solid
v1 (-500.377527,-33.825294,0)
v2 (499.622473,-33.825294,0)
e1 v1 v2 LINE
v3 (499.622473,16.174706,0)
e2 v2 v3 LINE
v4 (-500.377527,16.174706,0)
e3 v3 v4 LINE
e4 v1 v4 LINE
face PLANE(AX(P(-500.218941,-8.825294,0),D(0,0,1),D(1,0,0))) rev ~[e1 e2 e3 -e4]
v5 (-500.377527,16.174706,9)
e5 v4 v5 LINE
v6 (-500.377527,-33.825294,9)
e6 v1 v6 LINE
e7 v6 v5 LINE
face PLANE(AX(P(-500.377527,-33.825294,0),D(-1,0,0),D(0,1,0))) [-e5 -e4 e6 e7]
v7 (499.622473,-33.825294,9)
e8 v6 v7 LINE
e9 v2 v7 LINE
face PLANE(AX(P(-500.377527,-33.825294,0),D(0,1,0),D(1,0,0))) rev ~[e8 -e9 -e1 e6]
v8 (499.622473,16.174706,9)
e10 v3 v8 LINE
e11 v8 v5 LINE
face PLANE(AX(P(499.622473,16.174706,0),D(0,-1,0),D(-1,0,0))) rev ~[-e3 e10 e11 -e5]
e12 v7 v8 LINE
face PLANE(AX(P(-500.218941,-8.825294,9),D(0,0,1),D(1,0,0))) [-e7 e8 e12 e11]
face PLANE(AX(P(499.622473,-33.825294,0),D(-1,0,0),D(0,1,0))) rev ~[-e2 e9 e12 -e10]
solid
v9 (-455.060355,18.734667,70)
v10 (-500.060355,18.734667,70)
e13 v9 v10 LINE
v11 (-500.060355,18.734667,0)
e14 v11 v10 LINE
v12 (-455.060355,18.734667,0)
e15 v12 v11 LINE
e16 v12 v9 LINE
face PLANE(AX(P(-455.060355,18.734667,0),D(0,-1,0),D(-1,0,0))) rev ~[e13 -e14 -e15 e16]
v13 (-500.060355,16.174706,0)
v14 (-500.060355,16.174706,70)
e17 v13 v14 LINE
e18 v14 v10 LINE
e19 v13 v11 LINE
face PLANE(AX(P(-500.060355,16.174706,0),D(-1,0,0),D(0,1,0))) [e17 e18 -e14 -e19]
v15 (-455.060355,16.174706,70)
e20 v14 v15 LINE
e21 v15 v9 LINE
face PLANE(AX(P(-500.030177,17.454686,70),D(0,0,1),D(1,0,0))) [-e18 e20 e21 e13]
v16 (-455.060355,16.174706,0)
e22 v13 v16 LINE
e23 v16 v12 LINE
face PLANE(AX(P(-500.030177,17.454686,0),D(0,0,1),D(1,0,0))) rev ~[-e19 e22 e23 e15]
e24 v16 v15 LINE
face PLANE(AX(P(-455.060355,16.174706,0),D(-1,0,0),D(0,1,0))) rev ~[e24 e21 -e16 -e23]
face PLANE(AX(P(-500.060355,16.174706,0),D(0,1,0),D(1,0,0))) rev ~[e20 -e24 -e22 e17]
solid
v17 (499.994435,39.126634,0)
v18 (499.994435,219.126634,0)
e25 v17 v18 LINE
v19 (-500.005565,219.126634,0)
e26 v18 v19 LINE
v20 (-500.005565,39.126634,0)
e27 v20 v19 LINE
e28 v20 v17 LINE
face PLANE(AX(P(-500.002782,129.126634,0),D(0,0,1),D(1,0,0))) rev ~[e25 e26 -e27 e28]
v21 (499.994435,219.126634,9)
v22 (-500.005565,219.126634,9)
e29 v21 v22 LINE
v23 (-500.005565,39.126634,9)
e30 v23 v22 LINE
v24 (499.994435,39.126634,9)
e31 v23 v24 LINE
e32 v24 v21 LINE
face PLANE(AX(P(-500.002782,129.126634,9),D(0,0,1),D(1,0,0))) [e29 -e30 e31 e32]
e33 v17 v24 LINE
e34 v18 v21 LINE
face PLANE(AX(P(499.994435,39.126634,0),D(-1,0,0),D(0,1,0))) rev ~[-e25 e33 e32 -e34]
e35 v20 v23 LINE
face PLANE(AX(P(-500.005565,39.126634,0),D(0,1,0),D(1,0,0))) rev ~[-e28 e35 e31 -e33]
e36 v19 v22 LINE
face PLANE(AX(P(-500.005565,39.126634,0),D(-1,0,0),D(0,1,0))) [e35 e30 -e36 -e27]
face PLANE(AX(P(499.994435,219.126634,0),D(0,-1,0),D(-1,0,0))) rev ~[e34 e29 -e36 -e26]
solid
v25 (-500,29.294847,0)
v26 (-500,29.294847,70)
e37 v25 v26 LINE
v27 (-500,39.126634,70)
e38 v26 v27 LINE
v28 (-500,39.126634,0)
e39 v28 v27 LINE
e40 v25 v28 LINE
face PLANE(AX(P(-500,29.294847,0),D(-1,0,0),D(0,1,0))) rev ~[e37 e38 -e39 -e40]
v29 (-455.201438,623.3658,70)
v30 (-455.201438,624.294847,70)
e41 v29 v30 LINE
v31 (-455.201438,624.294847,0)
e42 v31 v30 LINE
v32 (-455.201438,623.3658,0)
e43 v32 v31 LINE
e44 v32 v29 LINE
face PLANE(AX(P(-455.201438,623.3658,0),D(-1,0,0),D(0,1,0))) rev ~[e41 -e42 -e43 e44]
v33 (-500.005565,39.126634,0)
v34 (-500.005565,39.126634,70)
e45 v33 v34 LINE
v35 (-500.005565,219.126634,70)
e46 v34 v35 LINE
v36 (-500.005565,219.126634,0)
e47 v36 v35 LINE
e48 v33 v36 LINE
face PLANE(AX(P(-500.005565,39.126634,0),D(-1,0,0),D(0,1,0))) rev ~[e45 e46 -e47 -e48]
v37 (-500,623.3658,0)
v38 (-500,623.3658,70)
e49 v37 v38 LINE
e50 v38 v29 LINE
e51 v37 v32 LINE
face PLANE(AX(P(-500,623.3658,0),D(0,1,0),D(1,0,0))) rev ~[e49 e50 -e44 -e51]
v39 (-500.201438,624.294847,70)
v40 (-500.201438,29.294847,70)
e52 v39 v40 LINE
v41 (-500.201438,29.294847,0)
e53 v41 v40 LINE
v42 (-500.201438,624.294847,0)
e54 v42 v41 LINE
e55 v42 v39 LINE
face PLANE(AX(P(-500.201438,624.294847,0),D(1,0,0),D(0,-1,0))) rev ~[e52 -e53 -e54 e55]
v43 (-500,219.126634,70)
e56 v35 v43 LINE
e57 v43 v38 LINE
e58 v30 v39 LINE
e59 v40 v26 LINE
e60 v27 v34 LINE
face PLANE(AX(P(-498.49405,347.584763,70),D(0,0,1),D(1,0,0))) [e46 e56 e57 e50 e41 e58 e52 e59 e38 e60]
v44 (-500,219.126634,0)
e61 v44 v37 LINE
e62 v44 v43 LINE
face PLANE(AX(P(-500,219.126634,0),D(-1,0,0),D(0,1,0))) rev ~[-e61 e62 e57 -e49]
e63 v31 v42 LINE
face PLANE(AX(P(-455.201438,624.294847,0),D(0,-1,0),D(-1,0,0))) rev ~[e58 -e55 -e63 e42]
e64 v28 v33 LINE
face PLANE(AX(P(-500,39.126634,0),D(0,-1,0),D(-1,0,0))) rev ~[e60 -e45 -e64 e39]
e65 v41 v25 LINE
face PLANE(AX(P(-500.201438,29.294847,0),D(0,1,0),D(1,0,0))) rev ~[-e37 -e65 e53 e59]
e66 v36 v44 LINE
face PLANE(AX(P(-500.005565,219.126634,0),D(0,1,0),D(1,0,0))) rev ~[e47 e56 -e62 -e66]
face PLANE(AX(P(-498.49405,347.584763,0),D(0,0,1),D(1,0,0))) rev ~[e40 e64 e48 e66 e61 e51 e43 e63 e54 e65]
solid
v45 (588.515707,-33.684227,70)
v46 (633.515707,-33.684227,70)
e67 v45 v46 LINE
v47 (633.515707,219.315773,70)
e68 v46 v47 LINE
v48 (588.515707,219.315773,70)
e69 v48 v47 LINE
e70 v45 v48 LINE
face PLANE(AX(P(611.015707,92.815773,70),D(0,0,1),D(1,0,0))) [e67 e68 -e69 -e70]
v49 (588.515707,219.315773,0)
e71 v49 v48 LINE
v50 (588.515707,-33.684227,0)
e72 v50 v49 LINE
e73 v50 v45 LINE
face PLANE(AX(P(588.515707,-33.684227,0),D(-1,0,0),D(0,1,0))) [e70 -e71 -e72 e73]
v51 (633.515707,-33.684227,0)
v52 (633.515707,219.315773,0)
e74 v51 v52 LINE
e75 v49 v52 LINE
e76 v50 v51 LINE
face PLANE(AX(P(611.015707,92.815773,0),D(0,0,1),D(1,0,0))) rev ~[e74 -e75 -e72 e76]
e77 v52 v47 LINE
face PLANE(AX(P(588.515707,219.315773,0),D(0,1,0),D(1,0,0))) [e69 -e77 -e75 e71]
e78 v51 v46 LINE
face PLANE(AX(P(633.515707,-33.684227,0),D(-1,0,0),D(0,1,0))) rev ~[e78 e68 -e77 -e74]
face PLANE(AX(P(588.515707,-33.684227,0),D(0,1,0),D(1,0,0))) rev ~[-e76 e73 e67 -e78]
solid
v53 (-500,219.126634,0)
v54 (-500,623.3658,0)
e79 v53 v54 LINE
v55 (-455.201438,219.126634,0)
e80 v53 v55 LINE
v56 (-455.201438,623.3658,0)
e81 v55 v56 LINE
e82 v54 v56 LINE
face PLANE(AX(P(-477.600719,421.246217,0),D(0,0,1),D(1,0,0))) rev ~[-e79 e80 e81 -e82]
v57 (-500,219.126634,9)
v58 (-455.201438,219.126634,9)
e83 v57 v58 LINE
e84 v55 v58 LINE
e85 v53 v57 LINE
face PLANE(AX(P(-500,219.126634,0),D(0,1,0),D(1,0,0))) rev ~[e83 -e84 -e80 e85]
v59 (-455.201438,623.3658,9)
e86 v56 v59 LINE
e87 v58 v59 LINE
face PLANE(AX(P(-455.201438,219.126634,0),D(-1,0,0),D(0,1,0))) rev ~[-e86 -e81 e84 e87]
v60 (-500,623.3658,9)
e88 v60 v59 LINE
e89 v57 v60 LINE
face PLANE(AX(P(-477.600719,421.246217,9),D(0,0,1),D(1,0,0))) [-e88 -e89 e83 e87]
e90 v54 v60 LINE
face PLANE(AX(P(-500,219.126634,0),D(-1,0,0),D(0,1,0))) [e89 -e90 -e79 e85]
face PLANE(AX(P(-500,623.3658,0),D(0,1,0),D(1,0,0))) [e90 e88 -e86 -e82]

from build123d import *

# Parameters (mm, degrees)
F0_W     = 44.7985618902
F0_H     = 404.2391658774
F1_DEPTH = 9
F0_W_2   = 0.0055646896
F0_H_2   = 180
F0_W_3   = 955.1958734202
F2_DEPTH = 9
F0_W_4   = 0.3171729233
F0_H_3   = 50
F0_W_5   = 0.0603545521
F0_W_6   = 44.9396454479
F0_W_7   = 954.6828270767
F3_DEPTH = 9
F0_H_4   = 2.5599607918
F4_DEPTH = 70
F5_DEPTH = 70
F0_W_8   = 45
F0_H_5   = 253
F6_DEPTH = 70


with BuildPart() as f1:
    # F0 (on Top) → F1 (new body)
    with BuildSketch(Plane.XY):
        with Locations((-477.6007190549, 421.2462169404)):
            Rectangle(F0_W, F0_H)
    extrude(amount=F1_DEPTH)


with BuildPart() as f2:
    # F0 (on Top) → F2 (new body)
    with BuildSketch(Plane.XY):
        with Locations((-500.0027823448, 129.1266340017)):
            Rectangle(F0_W_2, F0_H_2)
        with Locations((-477.6007190549, 129.1266340017)):
            Rectangle(F0_W, F0_H_2)
        with Locations((22.3964986003, 129.1266340017)):
            Rectangle(F0_W_3, F0_H_2)
    extrude(amount=F2_DEPTH)


with BuildPart() as f3:
    # F0 (on Top) → F3 (new body)
    with BuildSketch(Plane.XY):
        with Locations((-500.2189410137, -8.8252942637)):
            Rectangle(F0_W_4, F0_H_3)
        with Locations((-500.0301772761, -8.8252942637)):
            Rectangle(F0_W_5, F0_H_3)
        with Locations((-477.5301772761, -8.8252942637)):
            Rectangle(F0_W_6, F0_H_3)
        with Locations((22.2810589863, -8.8252942637)):
            Rectangle(F0_W_7, F0_H_3)
    extrude(amount=F3_DEPTH)


with BuildPart() as f4:
    # F0 (on Top) → F4 (new body)
    with BuildSketch(Plane.XY):
        with Locations((-500.0301772761, 17.4546861322)):
            Rectangle(F0_W_5, F0_H_4)
        with Locations((-477.5301772761, 17.4546861322)):
            Rectangle(F0_W_6, F0_H_4)
    extrude(amount=F4_DEPTH)


with BuildPart() as f5:
    # F0 (on Top) → F5 (new body)
    with BuildSketch(Plane.XY):
        Polygon((-500, 219.1266340017), (-500, 623.3657998791), (-455.2014381098, 623.3657998791), (-455.2014381098, 624.2948468162), (-500.2014381098, 624.2948468162), (-500.2014381098, 29.2948468162), (-500, 29.2948468162), (-500, 39.1266340017), (-500.0055646896, 39.1266340017), (-500.0055646896, 219.1266340017), align=None)
    extrude(amount=F5_DEPTH)


with BuildPart() as f6:
    # F0 (on Top) → F6 (new body)
    with BuildSketch(Plane.XY):
        with Locations((611.0157072544, 92.8157727197)):
            Rectangle(F0_W_8, F0_H_5)
    extrude(amount=F6_DEPTH)


solid = Compound([f1.part, f2.part, f3.part, f4.part, f5.part, f6.part])
